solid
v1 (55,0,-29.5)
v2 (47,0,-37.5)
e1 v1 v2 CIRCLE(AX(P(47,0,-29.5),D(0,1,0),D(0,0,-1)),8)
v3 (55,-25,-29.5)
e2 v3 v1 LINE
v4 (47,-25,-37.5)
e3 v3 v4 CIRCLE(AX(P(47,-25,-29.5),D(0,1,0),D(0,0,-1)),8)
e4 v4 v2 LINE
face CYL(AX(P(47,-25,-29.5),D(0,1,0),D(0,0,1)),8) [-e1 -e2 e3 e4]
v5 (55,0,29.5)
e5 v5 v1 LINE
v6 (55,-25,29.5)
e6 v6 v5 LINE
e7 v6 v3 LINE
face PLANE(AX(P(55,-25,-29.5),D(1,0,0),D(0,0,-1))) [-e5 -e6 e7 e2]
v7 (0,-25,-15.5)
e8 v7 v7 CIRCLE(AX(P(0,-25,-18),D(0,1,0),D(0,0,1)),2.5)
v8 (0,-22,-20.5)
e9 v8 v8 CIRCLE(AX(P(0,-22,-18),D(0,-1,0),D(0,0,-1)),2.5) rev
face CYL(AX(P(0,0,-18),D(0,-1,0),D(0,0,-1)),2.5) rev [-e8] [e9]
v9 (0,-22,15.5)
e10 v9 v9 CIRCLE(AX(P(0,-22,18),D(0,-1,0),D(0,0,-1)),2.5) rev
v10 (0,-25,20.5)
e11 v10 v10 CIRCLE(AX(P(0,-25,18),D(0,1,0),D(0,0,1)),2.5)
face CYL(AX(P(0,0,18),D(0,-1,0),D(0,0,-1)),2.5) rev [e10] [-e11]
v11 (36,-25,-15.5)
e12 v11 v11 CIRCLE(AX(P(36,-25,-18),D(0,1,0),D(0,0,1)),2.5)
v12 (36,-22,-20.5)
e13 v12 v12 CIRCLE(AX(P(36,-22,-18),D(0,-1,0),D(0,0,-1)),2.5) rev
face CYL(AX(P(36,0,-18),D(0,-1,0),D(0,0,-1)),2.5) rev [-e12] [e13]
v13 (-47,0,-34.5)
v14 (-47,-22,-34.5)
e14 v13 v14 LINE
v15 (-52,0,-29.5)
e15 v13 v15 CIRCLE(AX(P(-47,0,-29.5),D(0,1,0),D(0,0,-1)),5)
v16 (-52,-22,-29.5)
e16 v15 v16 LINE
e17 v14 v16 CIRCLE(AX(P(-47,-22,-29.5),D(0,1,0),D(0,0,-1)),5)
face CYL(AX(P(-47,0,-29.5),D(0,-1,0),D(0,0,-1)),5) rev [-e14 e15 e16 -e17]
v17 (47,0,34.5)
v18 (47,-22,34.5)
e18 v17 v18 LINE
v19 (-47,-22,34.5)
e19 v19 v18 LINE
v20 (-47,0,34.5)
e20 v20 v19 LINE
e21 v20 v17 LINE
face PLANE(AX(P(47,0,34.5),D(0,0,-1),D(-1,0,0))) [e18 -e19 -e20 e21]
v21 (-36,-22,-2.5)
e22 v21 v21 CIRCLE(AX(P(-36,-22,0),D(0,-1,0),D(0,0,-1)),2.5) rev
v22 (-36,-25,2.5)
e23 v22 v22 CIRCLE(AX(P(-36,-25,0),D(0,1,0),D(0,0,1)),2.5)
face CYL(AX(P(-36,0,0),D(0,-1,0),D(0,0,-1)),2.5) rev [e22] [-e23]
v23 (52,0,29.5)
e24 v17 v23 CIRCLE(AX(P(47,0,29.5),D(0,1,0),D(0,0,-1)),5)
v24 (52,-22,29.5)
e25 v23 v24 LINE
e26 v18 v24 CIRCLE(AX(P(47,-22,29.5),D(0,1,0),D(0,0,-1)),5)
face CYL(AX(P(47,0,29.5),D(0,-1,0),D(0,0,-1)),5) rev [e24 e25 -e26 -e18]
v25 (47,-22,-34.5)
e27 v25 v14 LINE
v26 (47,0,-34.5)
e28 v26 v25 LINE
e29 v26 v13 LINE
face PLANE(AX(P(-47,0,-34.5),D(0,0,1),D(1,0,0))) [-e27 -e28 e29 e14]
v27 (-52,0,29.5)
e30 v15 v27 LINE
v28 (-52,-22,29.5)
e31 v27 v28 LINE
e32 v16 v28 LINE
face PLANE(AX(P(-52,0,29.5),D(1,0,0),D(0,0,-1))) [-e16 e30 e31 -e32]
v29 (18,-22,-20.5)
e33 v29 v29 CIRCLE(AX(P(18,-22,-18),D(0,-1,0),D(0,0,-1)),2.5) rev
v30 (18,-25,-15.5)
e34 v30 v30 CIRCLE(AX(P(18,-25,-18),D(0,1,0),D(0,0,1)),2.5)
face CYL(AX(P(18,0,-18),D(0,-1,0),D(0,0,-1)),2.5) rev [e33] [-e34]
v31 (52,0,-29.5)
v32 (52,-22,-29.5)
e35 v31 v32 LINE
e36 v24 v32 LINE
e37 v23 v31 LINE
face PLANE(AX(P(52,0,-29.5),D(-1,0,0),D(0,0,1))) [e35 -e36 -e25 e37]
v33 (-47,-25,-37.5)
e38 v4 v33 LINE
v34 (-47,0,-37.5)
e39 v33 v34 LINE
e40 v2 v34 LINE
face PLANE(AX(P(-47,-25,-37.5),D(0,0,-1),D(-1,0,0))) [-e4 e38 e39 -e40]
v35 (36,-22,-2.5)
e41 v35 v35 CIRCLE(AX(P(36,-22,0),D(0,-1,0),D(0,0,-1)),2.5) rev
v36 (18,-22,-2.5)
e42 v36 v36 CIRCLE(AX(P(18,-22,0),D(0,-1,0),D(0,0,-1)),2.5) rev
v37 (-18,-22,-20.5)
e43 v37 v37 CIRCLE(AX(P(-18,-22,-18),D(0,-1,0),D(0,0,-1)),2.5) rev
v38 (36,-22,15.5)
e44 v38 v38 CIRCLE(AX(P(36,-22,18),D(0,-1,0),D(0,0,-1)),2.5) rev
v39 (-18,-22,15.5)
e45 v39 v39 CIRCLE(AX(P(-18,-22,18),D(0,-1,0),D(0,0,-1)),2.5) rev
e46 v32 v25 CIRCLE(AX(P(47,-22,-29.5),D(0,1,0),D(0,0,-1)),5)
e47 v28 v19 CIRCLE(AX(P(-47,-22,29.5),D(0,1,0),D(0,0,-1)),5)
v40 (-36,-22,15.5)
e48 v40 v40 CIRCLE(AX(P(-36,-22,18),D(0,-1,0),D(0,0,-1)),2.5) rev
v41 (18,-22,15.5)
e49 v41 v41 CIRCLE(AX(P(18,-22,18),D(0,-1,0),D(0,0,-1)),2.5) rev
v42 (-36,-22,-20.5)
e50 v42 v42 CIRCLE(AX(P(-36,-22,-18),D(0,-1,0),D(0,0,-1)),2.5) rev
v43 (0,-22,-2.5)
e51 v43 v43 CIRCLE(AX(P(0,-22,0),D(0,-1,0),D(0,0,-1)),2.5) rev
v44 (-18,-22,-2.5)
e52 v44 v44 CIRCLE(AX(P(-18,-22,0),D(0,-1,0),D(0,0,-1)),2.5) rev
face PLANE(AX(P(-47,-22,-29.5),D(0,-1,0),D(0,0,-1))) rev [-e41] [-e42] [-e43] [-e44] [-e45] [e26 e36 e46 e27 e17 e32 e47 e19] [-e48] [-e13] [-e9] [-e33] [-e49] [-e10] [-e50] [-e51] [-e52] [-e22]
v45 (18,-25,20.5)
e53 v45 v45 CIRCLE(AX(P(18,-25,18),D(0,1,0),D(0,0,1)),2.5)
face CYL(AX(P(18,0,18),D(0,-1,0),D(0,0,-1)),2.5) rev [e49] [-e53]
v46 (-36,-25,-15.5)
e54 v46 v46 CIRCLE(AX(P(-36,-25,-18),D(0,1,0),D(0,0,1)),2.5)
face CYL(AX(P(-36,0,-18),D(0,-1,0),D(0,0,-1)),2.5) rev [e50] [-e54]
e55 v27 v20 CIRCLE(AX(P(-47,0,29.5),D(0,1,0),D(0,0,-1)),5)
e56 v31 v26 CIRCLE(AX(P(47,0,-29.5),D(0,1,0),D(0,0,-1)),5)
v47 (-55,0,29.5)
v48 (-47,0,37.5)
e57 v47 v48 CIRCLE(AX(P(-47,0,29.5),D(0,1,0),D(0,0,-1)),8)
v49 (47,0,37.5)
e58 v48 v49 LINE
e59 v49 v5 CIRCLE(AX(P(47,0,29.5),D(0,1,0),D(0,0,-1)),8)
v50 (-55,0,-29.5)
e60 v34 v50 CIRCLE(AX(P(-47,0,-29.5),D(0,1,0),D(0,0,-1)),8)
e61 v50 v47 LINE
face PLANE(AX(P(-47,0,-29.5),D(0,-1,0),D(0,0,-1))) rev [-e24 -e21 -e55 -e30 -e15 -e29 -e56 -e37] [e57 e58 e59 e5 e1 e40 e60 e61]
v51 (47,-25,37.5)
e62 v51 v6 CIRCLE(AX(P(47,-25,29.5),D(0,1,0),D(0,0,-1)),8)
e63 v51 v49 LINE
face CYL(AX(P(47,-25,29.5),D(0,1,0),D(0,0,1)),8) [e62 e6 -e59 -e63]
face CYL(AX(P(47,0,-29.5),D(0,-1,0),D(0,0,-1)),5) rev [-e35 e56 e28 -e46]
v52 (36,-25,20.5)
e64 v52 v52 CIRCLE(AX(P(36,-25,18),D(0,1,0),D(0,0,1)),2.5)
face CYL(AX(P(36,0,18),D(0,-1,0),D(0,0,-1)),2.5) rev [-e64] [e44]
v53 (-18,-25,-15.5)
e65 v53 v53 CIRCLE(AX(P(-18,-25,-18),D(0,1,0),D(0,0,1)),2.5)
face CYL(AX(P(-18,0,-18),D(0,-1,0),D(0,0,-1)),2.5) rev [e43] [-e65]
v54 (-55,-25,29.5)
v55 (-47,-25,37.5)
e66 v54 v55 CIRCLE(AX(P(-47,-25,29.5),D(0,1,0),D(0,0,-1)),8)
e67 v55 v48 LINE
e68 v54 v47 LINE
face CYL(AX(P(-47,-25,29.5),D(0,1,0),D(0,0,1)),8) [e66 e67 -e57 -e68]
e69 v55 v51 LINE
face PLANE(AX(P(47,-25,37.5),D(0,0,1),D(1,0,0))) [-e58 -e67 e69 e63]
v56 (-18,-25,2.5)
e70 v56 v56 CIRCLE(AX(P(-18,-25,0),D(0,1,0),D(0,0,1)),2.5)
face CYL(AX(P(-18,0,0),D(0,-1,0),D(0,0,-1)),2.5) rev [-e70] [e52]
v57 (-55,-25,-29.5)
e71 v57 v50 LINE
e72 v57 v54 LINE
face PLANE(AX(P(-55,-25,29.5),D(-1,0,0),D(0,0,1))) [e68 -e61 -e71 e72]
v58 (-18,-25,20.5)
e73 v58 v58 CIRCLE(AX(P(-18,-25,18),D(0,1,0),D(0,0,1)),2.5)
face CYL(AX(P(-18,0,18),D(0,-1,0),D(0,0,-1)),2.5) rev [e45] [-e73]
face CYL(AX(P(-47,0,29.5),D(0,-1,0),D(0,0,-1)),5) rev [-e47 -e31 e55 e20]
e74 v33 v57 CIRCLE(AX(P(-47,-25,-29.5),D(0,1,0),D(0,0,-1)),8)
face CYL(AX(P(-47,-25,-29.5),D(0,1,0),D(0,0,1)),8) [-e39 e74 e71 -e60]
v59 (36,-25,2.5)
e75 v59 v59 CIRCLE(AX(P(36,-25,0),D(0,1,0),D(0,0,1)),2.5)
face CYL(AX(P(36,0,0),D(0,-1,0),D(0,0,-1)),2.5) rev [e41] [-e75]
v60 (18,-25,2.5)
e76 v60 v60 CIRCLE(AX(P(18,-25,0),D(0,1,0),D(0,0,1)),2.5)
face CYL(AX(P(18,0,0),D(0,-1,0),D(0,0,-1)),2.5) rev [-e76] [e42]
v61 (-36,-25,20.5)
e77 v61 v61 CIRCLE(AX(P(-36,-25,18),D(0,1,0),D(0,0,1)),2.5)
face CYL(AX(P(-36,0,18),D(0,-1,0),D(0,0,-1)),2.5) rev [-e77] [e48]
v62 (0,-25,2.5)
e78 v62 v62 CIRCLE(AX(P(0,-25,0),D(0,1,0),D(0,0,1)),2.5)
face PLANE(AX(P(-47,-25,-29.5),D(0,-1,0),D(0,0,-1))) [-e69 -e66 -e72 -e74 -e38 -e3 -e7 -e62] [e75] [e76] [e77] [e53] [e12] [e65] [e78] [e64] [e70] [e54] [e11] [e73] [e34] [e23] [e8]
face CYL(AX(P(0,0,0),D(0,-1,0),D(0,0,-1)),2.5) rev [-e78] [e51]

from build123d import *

# Parameters (mm, degrees)
EXTRUDE_1_DEPTH     = 25
CUT_EXTRUDE_1_DEPTH = 22
SKETCH_3_R          = 2.5
CUT_EXTRUDE_2_DEPTH = 72.107313267


with BuildPart() as part:
    # 草图1 → 凸台-拉伸1 (new body)
    with BuildSketch(Plane(origin=(0, 0, 0), x_dir=(1, 0, 0), z_dir=(0, 1, 0))):
        with BuildLine():
            Line((-47, 37.5), (47, 37.5))
            ThreePointArc((47, 37.5), (52.656854249, 35.156854249), (55, 29.5))
            Line((55, 29.5), (55, -29.5))
            ThreePointArc((55, -29.5), (52.656854249, -35.156854249), (47, -37.5))
            Line((47, -37.5), (-47, -37.5))
            ThreePointArc((-47, -37.5), (-52.656854249, -35.156854249), (-55, -29.5))
            Line((-55, -29.5), (-55, 29.5))
            ThreePointArc((-55, 29.5), (-52.656854249, 35.156854249), (-47, 37.5))
        make_face()
    extrude(amount=-EXTRUDE_1_DEPTH)

    # 草图2 → 切除-拉伸1 (cut)
    with BuildSketch(Plane(origin=(0, -22, 0), x_dir=(1, 0, 0), z_dir=(0, 1, 0))):
        with BuildLine():
            Line((-47, 34.5), (47, 34.5))
            ThreePointArc((47, 34.5), (50.535533906, 33.035533906), (52, 29.5))
            Line((52, 29.5), (52, -29.5))
            ThreePointArc((52, -29.5), (50.535533906, -33.035533906), (47, -34.5))
            Line((47, -34.5), (-47, -34.5))
            ThreePointArc((-47, -34.5), (-50.535533906, -33.035533906), (-52, -29.5))
            Line((-52, -29.5), (-52, 29.5))
            ThreePointArc((-52, 29.5), (-50.535533906, 33.035533906), (-47, 34.5))
        make_face()
    extrude(amount=CUT_EXTRUDE_1_DEPTH, mode=Mode.SUBTRACT)

    # 草图3 → 切除-拉伸2 (cut, through all)
    with BuildSketch(Plane(origin=(0, -25, 0), x_dir=(1, 0, 0), z_dir=(0, 1, 0))):
        with Locations(Location((-36, 18, 0), (0, 0, 90))):
            Circle(SKETCH_3_R)
        with Locations(Location((-18, 18, 0), (0, 0, 90))):
            Circle(SKETCH_3_R)
        with Locations(Location((0, 18, 0), (0, 0, 90))):
            Circle(SKETCH_3_R)
        with Locations(Location((18, 18, 0), (0, 0, 90))):
            Circle(SKETCH_3_R)
        with Locations(Location((36, 18, 0), (0, 0, 90))):
            Circle(SKETCH_3_R)
        with Locations(Location((-36, 0, 0), (0, 0, 90))):
            Circle(SKETCH_3_R)
        with Locations(Location((-18, 0, 0), (0, 0, 90))):
            Circle(SKETCH_3_R)
        with Locations(Location((0, 0, 0), (0, 0, 90))):
            Circle(SKETCH_3_R)
        with Locations(Location((18, 0, 0), (0, 0, 90))):
            Circle(SKETCH_3_R)
        with Locations(Location((36, 0, 0), (0, 0, 90))):
            Circle(SKETCH_3_R)
        with Locations(Location((-36, -18, 0), (0, 0, 90))):
            Circle(SKETCH_3_R)
        with Locations(Location((-18, -18, 0), (0, 0, 90))):
            Circle(SKETCH_3_R)
        with Locations(Location((0, -18, 0), (0, 0, 90))):
            Circle(SKETCH_3_R)
        with Locations(Location((18, -18, 0), (0, 0, 90))):
            Circle(SKETCH_3_R)
        with Locations(Location((36, -18, 0), (0, 0, 90))):
            Circle(SKETCH_3_R)
    extrude(amount=CUT_EXTRUDE_2_DEPTH, mode=Mode.SUBTRACT)


solid = part.part
